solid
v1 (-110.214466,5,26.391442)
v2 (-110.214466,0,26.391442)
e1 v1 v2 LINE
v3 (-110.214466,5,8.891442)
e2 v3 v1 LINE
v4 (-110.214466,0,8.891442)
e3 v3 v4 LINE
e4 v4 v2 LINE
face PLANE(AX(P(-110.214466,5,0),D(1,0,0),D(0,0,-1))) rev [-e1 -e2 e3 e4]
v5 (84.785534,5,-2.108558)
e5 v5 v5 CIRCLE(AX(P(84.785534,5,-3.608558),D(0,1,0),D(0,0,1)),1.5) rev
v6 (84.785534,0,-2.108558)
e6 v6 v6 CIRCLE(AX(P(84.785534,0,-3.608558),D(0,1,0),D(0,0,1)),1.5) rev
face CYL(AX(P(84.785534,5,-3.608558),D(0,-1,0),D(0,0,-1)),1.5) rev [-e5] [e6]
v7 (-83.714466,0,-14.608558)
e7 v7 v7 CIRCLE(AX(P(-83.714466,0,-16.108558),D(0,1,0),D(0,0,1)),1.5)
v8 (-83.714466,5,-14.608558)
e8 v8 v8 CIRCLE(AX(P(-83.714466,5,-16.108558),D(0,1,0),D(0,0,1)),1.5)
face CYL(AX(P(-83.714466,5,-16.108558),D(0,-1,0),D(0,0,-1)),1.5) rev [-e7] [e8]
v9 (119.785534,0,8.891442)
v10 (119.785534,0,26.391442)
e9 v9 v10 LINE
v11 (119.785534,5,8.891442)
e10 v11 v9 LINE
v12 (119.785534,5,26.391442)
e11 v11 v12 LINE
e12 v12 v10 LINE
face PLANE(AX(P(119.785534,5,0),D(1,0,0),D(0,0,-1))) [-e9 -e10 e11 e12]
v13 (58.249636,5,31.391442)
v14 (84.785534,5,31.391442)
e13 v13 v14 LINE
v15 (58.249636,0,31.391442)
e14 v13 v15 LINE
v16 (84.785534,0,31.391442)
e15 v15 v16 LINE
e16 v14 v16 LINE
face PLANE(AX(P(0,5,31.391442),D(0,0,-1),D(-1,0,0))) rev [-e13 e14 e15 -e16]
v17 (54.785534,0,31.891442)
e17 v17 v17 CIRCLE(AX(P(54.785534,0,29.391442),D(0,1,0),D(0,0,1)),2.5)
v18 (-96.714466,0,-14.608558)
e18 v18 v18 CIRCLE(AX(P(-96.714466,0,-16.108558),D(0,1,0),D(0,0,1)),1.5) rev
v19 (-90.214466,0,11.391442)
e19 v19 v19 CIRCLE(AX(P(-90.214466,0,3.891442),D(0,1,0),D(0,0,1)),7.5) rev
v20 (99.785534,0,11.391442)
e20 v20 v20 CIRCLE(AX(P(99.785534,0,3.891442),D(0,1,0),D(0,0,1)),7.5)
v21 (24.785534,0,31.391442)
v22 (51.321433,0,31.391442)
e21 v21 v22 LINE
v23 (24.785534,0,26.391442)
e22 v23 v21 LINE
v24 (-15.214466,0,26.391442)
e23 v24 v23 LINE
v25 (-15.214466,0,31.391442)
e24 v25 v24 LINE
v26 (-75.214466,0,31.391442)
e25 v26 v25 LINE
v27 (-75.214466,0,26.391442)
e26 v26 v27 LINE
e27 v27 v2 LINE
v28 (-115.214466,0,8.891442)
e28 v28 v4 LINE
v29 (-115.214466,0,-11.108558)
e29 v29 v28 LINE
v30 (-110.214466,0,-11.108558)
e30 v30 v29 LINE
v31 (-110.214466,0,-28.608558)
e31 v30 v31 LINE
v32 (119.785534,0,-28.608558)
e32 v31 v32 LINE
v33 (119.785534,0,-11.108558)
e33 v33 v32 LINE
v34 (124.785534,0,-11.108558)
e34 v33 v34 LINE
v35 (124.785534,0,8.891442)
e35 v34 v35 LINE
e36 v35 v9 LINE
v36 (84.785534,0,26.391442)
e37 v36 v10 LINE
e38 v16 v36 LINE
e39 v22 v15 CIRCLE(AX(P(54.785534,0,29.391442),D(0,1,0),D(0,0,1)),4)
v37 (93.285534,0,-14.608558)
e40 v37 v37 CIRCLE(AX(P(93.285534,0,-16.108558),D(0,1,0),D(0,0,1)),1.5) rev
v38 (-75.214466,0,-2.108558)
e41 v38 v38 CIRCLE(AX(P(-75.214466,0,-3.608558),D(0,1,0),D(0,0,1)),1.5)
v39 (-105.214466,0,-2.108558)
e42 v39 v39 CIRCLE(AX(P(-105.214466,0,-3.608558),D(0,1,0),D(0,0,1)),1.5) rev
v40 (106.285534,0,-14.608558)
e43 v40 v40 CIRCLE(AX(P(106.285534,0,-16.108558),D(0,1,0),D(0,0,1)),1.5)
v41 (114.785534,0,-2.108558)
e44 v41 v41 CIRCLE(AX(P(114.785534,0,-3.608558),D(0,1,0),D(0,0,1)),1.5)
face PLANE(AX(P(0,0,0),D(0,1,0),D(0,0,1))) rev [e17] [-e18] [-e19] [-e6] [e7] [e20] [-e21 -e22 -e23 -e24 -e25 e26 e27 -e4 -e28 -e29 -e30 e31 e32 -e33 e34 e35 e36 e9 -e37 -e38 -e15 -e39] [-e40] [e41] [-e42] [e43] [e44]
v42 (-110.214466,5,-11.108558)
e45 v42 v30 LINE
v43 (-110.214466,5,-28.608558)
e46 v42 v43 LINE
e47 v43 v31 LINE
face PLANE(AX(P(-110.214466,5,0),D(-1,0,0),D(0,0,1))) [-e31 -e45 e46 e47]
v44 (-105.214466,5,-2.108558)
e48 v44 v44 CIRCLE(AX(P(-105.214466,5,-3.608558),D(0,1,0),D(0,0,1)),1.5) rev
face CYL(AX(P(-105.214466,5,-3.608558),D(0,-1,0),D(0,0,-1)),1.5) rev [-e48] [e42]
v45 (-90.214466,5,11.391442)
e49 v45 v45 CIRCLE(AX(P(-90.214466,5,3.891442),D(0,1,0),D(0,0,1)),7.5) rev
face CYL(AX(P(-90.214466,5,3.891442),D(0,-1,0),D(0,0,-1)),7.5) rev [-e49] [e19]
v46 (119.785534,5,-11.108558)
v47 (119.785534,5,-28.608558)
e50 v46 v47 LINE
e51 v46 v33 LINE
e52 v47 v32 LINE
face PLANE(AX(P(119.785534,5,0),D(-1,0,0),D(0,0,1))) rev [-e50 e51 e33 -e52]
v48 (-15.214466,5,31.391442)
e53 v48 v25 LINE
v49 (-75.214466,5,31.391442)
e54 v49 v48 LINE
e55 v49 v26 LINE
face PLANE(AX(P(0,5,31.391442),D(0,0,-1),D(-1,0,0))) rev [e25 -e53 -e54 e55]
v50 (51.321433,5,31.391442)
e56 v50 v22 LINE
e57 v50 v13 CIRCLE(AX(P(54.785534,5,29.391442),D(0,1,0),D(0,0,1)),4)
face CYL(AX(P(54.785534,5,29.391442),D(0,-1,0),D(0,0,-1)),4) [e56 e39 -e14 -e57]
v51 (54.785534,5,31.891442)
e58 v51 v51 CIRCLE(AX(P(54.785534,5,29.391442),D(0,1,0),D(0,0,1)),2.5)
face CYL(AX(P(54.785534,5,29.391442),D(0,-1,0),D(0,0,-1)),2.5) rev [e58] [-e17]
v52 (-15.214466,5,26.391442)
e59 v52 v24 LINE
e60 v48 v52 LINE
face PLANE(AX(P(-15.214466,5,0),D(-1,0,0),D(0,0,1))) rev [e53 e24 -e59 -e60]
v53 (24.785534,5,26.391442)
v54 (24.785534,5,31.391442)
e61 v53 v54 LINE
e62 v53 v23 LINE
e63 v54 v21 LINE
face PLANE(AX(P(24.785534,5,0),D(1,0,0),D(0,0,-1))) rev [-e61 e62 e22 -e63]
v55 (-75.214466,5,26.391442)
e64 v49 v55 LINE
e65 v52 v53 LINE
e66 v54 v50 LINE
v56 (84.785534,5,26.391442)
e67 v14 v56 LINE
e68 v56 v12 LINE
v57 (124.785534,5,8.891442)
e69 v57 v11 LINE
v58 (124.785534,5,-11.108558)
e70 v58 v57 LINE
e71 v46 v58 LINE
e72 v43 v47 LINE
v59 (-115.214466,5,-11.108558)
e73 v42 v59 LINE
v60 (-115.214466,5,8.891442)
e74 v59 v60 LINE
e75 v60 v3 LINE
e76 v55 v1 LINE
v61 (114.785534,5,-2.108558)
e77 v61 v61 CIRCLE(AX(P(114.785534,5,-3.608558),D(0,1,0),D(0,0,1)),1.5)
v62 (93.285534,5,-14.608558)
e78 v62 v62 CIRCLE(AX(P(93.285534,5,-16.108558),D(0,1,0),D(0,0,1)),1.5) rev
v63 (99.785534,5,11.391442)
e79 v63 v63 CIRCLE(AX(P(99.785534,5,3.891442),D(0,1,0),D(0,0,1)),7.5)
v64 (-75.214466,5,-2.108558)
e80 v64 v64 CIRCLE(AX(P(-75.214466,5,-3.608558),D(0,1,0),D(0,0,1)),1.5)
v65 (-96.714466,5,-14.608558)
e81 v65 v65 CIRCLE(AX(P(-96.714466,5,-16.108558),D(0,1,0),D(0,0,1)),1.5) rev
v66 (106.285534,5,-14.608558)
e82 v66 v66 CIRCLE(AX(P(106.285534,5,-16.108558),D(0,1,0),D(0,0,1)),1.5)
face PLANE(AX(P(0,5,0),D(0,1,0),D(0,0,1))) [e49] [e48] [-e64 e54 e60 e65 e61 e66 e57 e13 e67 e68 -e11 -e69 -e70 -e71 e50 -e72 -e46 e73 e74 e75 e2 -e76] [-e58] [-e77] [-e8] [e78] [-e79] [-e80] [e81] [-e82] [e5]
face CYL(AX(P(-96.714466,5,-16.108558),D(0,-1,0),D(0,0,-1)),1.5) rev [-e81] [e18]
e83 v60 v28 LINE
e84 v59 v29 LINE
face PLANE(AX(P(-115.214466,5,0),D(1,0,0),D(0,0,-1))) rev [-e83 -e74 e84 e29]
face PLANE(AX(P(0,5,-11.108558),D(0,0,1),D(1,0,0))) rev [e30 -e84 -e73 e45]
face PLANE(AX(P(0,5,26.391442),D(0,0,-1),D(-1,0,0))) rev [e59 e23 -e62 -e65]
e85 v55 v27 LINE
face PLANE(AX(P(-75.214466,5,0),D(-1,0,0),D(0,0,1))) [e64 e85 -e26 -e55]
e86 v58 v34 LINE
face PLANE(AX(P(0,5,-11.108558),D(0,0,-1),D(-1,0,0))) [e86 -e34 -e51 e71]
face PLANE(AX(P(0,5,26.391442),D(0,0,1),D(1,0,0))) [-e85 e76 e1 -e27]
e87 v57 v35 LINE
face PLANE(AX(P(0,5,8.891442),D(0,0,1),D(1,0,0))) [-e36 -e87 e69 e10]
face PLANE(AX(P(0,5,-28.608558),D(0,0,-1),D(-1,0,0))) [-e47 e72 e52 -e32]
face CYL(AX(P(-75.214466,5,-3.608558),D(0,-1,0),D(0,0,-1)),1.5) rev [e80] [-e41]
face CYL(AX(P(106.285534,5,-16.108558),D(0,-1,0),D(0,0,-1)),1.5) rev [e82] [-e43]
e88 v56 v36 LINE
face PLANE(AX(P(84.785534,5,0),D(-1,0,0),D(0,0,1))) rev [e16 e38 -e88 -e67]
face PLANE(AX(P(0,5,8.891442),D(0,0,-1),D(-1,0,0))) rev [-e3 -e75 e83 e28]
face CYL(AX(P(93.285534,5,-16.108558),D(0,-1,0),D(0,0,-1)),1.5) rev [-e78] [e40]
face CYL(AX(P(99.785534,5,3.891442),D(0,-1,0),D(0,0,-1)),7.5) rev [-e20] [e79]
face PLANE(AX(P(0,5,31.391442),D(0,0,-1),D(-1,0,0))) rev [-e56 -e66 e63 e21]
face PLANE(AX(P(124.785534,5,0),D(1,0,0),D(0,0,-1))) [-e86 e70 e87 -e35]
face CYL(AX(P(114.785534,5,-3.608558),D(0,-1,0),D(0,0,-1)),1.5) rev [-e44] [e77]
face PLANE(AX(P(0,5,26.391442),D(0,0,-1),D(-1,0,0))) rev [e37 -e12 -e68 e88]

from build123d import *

# Parameters (mm, degrees)
ESQUISSE2_R        = 2.5
ESQUISSE2_R_2      = 7.5
ESQUISSE2_R_3      = 1.5
BOSS_EXTRU_5_DEPTH = 5


with BuildPart() as part:
    # Esquisse2 → Boss.-Extru.5 (new body)
    with BuildSketch(Plane(origin=(0, 0, 0), x_dir=(1, 0, 0), z_dir=(0, 1, 0))):
        with BuildLine():
            Line((-75.214465703, -26.391441925), (-75.214465703, -31.391441925))
            Line((-75.214465703, -31.391441925), (-15.214465703, -31.391441925))
            Line((-15.214465703, -31.391441925), (-15.214465703, -26.391441925))
            Line((-15.214465703, -26.391441925), (24.785534297, -26.391441925))
            Line((24.785534297, -26.391441925), (24.785534297, -31.391441925))
            Line((24.785534297, -31.391441925), (51.321432682, -31.391441925))
            ThreePointArc((51.321432682, -31.391441925), (54.785534297, -33.391441925), (58.249635912, -31.391441925))
            Line((58.249635912, -31.391441925), (84.785534297, -31.391441925))
            Line((84.785534297, -31.391441925), (84.785534297, -26.391441925))
            Line((84.785534297, -26.391441925), (119.785534297, -26.391441925))
            Line((119.785534297, -26.391441925), (119.785534297, -8.891441925))
            Line((119.785534297, -8.891441925), (124.785534297, -8.891441925))
            Line((124.785534297, -8.891441925), (124.785534297, 11.108558075))
            Line((124.785534297, 11.108558075), (119.785534297, 11.108558075))
            Line((119.785534297, 11.108558075), (119.785534297, 28.608558075))
            Line((119.785534297, 28.608558075), (-110.214465703, 28.608558075))
            Line((-110.214465703, 28.608558075), (-110.214465703, 11.108558075))
            Line((-110.214465703, 11.108558075), (-115.214465703, 11.108558075))
            Line((-115.214465703, 11.108558075), (-115.214465703, -8.891441925))
            Line((-115.214465703, -8.891441925), (-110.214465703, -8.891441925))
            Line((-110.214465703, -8.891441925), (-110.214465703, -26.391441925))
            Line((-110.214465703, -26.391441925), (-75.214465703, -26.391441925))
        make_face()
        with Locations(Location((54.785534297, -29.391441925, 0), (0, 0, 270))):
            Circle(ESQUISSE2_R, mode=Mode.SUBTRACT)
        with Locations(Location((-90.214465703, -3.891441925, 0), (0, 0, 270))):
            Circle(ESQUISSE2_R_2, mode=Mode.SUBTRACT)
        with Locations(Location((99.785534297, -3.891441925, 0), (0, 0, 270))):
            Circle(ESQUISSE2_R_2, mode=Mode.SUBTRACT)
        with Locations(Location((-105.214465703, 3.608558075, 0), (0, 0, 270))):
            Circle(ESQUISSE2_R_3, mode=Mode.SUBTRACT)
        with Locations(Location((-75.214465703, 3.608558075, 0), (0, 0, 270))):
            Circle(ESQUISSE2_R_3, mode=Mode.SUBTRACT)
        with Locations(Location((-96.714465703, 16.108558075, 0), (0, 0, 270))):
            Circle(ESQUISSE2_R_3, mode=Mode.SUBTRACT)
        with Locations(Location((-83.714465703, 16.108558075, 0), (0, 0, 270))):
            Circle(ESQUISSE2_R_3, mode=Mode.SUBTRACT)
        with Locations(Location((84.785534297, 3.608558075, 0), (0, 0, 270))):
            Circle(ESQUISSE2_R_3, mode=Mode.SUBTRACT)
        with Locations(Location((114.785534297, 3.608558075, 0), (0, 0, 270))):
            Circle(ESQUISSE2_R_3, mode=Mode.SUBTRACT)
        with Locations(Location((93.285534297, 16.108558075, 0), (0, 0, 270))):
            Circle(ESQUISSE2_R_3, mode=Mode.SUBTRACT)
        with Locations(Location((106.285534297, 16.108558075, 0), (0, 0, 270))):
            Circle(ESQUISSE2_R_3, mode=Mode.SUBTRACT)
    extrude(amount=BOSS_EXTRU_5_DEPTH)


solid = part.part
